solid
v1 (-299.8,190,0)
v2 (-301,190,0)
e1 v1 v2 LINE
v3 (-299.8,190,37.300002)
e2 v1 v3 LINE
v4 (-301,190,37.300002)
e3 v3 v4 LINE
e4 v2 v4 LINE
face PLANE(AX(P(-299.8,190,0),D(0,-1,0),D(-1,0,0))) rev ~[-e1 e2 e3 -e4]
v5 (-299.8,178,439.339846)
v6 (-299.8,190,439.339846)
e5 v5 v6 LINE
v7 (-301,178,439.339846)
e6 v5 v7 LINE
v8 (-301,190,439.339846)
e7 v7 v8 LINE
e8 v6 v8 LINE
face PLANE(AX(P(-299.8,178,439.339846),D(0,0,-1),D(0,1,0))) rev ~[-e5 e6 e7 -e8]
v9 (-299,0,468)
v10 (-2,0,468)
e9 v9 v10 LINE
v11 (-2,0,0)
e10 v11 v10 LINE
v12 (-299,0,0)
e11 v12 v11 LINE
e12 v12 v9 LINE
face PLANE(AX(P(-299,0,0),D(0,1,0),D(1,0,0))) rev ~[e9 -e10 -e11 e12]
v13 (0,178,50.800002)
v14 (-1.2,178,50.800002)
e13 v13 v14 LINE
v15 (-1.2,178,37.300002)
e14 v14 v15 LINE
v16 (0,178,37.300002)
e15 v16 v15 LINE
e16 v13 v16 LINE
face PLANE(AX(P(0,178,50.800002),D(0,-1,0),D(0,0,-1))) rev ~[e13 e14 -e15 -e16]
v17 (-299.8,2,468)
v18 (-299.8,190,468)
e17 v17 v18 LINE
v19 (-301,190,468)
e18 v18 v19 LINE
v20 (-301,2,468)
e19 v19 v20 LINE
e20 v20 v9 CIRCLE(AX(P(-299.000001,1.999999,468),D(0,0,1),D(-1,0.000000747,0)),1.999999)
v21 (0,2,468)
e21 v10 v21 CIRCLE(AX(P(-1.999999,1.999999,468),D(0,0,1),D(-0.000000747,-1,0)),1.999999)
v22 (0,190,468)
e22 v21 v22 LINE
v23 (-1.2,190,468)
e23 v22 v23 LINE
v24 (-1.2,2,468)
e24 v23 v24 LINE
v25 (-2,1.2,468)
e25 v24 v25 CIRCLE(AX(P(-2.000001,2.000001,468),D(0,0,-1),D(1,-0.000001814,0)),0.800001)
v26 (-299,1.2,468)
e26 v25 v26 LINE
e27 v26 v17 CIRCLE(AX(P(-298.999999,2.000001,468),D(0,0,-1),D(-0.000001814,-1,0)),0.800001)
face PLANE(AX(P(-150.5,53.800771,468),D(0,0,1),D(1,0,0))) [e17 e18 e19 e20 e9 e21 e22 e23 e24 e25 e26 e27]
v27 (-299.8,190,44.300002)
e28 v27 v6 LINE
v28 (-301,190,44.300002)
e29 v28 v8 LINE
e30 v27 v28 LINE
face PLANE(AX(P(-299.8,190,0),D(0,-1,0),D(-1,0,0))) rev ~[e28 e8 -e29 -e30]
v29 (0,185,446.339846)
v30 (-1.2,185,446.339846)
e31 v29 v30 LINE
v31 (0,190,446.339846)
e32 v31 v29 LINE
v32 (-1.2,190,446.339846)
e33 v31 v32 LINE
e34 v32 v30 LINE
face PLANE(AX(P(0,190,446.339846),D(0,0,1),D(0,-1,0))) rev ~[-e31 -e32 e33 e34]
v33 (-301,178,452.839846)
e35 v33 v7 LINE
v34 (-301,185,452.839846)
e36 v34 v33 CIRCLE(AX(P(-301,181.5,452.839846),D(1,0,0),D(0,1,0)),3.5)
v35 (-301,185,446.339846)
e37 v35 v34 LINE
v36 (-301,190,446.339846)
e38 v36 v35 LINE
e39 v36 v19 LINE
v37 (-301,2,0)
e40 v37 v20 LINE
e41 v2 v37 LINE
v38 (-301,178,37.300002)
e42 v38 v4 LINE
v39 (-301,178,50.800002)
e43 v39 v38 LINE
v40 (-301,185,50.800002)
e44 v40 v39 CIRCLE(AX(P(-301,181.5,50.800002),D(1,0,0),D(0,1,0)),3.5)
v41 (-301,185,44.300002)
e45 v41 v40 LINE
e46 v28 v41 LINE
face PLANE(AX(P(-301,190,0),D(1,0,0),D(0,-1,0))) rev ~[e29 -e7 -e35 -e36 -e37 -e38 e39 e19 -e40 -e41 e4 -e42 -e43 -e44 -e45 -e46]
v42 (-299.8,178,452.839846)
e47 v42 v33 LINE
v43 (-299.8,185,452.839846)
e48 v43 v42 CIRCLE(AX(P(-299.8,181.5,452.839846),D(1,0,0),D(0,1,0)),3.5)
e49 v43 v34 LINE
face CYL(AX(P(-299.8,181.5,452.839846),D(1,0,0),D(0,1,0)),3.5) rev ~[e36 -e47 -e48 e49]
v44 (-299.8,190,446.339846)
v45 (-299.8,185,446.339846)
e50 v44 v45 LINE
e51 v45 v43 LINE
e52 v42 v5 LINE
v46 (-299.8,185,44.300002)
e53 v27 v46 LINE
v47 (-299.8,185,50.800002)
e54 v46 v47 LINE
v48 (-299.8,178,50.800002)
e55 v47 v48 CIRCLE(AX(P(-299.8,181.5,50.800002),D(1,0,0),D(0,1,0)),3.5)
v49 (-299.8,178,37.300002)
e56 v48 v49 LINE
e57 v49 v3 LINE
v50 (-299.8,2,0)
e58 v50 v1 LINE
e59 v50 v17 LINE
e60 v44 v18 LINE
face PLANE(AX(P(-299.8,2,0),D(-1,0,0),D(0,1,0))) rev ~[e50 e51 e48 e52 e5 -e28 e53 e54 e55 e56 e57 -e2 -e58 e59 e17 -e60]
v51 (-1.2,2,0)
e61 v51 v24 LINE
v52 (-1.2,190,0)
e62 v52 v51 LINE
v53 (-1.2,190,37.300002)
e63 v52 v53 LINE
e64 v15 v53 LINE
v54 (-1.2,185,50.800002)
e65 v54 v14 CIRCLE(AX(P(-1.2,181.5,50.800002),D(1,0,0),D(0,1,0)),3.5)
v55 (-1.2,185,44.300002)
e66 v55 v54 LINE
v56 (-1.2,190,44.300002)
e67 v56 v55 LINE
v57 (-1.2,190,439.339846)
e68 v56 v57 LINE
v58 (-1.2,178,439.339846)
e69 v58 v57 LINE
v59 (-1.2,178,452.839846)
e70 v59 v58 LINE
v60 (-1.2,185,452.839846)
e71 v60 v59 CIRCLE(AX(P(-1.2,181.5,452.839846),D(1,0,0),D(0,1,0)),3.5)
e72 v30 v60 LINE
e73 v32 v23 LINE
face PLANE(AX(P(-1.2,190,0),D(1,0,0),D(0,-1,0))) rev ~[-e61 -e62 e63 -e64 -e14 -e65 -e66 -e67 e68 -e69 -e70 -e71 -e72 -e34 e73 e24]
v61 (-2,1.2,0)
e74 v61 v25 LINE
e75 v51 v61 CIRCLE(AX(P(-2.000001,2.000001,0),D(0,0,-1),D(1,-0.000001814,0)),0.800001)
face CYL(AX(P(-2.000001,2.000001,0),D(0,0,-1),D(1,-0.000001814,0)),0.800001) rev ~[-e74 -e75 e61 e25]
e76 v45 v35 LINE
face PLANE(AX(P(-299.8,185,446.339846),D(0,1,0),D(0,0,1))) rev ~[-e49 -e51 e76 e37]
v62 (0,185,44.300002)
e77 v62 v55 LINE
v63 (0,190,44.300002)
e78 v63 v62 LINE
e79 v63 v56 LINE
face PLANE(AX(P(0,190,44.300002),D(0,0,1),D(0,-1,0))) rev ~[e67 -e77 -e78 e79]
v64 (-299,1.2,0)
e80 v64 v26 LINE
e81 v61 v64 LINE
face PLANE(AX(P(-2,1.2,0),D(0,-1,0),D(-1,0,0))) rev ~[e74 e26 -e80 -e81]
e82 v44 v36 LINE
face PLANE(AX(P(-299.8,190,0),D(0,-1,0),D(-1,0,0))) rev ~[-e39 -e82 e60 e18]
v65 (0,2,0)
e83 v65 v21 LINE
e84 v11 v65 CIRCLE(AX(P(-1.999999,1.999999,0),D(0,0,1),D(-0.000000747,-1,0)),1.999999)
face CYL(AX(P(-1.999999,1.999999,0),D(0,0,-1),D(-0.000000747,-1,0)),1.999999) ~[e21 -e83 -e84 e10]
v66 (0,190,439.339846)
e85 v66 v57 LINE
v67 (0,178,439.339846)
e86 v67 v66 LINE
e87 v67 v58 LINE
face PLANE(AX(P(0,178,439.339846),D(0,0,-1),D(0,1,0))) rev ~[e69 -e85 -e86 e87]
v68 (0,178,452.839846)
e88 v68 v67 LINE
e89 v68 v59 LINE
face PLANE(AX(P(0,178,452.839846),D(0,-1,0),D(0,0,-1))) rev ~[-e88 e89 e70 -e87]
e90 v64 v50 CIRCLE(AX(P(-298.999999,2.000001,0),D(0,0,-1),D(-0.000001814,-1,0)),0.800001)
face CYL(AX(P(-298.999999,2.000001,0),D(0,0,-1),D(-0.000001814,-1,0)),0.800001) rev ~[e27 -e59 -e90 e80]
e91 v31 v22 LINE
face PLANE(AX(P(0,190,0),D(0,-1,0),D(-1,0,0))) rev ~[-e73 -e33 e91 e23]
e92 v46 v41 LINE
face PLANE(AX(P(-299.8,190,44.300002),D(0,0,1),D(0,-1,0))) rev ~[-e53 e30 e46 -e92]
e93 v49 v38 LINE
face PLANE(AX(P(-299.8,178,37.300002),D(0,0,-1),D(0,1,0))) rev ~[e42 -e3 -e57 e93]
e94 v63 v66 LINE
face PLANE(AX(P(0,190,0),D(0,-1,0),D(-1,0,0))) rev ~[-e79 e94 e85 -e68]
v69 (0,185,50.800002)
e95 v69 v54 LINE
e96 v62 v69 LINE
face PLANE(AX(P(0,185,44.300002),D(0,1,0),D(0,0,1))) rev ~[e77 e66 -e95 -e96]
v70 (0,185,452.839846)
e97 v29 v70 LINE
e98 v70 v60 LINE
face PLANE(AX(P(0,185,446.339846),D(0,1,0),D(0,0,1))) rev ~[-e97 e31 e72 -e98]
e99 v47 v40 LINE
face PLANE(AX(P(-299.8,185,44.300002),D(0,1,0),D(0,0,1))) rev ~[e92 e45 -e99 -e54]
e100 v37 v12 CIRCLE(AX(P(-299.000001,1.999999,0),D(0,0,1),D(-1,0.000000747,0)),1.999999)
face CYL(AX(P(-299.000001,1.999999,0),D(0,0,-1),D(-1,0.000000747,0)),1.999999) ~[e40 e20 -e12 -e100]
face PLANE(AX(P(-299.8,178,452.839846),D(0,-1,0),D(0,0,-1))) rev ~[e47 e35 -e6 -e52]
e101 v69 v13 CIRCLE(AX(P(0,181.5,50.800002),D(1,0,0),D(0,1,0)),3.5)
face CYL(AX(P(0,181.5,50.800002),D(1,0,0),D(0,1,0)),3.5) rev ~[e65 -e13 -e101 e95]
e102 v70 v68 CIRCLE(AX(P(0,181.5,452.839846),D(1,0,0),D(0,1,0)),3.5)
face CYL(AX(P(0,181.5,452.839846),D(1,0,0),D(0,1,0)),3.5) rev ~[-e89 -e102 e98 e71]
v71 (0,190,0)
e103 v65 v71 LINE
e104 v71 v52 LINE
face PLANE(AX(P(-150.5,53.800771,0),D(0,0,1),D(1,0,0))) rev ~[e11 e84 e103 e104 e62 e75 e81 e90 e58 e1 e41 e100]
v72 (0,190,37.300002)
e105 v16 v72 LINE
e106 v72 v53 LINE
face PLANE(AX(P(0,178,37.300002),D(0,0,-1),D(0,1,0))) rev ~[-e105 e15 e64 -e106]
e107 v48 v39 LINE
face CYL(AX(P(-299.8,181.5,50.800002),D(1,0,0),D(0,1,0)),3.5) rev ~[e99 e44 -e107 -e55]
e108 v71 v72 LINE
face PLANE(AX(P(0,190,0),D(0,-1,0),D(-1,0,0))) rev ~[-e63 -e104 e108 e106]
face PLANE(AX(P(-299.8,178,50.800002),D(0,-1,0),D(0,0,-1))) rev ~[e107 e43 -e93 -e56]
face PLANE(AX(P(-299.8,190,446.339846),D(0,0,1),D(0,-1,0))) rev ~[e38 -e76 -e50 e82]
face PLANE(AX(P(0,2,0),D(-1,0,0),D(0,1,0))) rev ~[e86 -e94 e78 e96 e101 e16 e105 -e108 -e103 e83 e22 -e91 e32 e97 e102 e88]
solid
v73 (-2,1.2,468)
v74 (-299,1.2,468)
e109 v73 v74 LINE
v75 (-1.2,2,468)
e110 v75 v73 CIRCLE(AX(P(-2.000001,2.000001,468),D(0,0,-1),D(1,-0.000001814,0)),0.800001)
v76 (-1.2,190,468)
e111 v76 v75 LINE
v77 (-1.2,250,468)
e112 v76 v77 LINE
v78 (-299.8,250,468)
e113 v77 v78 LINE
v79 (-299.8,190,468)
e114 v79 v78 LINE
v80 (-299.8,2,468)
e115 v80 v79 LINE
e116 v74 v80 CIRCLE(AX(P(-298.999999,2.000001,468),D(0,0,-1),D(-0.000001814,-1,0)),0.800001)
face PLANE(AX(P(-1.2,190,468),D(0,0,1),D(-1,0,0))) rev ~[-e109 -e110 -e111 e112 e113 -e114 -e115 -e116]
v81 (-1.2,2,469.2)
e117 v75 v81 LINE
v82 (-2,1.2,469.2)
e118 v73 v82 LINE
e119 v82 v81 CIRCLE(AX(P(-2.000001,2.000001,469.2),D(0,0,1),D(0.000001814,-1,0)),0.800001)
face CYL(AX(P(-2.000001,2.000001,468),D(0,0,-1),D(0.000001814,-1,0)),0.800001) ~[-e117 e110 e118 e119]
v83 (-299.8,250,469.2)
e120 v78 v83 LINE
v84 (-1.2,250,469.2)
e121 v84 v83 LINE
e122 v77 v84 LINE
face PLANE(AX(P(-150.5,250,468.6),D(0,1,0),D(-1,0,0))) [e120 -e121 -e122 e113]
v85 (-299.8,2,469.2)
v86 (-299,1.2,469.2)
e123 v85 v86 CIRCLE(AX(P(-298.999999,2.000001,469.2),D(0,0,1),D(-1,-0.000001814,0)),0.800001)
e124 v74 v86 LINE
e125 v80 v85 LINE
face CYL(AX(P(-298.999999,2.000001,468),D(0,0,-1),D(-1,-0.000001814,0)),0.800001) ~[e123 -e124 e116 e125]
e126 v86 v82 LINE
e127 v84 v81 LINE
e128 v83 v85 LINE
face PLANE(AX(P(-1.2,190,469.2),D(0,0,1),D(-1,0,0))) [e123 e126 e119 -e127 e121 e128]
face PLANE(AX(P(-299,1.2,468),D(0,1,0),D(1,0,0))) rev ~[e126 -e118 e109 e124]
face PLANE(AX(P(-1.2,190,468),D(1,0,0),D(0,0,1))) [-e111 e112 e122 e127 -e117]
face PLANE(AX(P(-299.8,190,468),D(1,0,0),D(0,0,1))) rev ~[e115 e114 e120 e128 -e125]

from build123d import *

# Parameters (mm, degrees)
F1_DEPTH  = 468
F3_DEPTH  = 1.2
F3_FACE_W = 298.6
F3_FACE_H = 1.2
F4_DEPTH  = 60
F6_DEPTH  = 1.2
F7_DEPTH  = 1.2
F9_DEPTH  = 1.2


with BuildPart() as f1:
    # F0 (on Top) → F1 (new body)
    with BuildSketch(Plane.XY):
        with BuildLine():
            Line((-299, 0), (-2, 0))
            ThreePointArc((-2, 0), (-0.585786, 0.585786), (0, 2))
            Line((0, 2), (0, 190))
            Line((0, 190), (-1.2, 190))
            Line((-1.2, 190), (-1.2, 2))
            ThreePointArc((-1.2, 2), (-1.434315, 1.434315), (-2, 1.2))
            Line((-2, 1.2), (-299, 1.2))
            ThreePointArc((-299, 1.2), (-299.565685, 1.434315), (-299.8, 2))
            Line((-299.8, 2), (-299.8, 190))
            Line((-299.8, 190), (-301, 190))
            Line((-301, 190), (-301, 2))
            ThreePointArc((-301, 2), (-300.414214, 0.585786), (-299, 0))
        make_face()
    extrude(amount=F1_DEPTH)



with BuildPart() as f3:
    # F2 (on face) → F3 (new body)
    with BuildSketch(Plane.XY.offset(468)):
        with BuildLine():
            Line((-1.2, 190), (-299.8, 190))
            Line((-299.8, 190), (-299.8, 2))
            ThreePointArc((-299.8, 2), (-299.565685, 1.434315), (-299, 1.2))
            Line((-299, 1.2), (-2, 1.2))
            ThreePointArc((-2, 1.2), (-1.434315, 1.434315), (-1.2, 2))
            Line((-1.2, 2), (-1.2, 190))
        make_face()
    extrude(amount=F3_DEPTH)


with BuildPart() as f1_1:
    add(f1.part)

    add(f3.part)  # F4 merges F3
    # F3_face (on face) → F4 (join)
    with BuildSketch(Plane(origin=(-150.5, 190, 468.6), x_dir=(-1, 0, 0), z_dir=(0, 1, 0))):
        Rectangle(F3_FACE_W, F3_FACE_H)
    extrude(amount=F4_DEPTH)

    # F5 (on face) → F6 (cut)
    with BuildSketch(Plane.YZ):
        with BuildLine():
            Line((178, 439.339846), (190, 439.339846))
            Line((190, 439.339846), (190, 446.339846))
            Line((190, 446.339846), (185, 446.339846))
            Line((185, 446.339846), (185, 452.839846))
            ThreePointArc((185, 452.839846), (181.5, 456.339846), (178, 452.839846))
            Line((178, 452.839846), (178, 439.339846))
        make_face()
    extrude(amount=-F6_DEPTH, mode=Mode.SUBTRACT)

    # F5 (on face) → F7 (cut)
    with BuildSketch(Plane.YZ):
        with BuildLine():
            Line((178, 37.300002), (190, 37.300002))
            Line((190, 37.300002), (190, 44.300002))
            Line((190, 44.300002), (185, 44.300002))
            Line((185, 44.300002), (185, 50.800002))
            ThreePointArc((185, 50.800002), (181.5, 54.300002), (178, 50.800002))
            Line((178, 50.800002), (178, 37.300002))
        make_face()
    extrude(amount=-F7_DEPTH, mode=Mode.SUBTRACT)

    # F8 (on face) → F9 (cut)
    with BuildSketch(Plane.YZ.offset(-299.8)):
        with BuildLine():
            Line((190, 44.300002), (185, 44.300002))
            Line((185, 44.300002), (185, 50.800002))
            ThreePointArc((185, 50.800002), (181.5, 54.300002), (178, 50.800002))
            Line((178, 50.800002), (178, 37.300002))
            Line((178, 37.300002), (190, 37.300002))
            Line((190, 37.300002), (190, 44.300002))
        make_face()
        with BuildLine():
            Line((178, 439.339846), (190, 439.339846))
            Line((190, 439.339846), (190, 446.339846))
            Line((190, 446.339846), (185, 446.339846))
            Line((185, 446.339846), (185, 452.839846))
            ThreePointArc((185, 452.839846), (181.5, 456.339846), (178, 452.839846))
            Line((178, 452.839846), (178, 439.339846))
        make_face()
    extrude(amount=-F9_DEPTH, mode=Mode.SUBTRACT)


solid = f1_1.part
